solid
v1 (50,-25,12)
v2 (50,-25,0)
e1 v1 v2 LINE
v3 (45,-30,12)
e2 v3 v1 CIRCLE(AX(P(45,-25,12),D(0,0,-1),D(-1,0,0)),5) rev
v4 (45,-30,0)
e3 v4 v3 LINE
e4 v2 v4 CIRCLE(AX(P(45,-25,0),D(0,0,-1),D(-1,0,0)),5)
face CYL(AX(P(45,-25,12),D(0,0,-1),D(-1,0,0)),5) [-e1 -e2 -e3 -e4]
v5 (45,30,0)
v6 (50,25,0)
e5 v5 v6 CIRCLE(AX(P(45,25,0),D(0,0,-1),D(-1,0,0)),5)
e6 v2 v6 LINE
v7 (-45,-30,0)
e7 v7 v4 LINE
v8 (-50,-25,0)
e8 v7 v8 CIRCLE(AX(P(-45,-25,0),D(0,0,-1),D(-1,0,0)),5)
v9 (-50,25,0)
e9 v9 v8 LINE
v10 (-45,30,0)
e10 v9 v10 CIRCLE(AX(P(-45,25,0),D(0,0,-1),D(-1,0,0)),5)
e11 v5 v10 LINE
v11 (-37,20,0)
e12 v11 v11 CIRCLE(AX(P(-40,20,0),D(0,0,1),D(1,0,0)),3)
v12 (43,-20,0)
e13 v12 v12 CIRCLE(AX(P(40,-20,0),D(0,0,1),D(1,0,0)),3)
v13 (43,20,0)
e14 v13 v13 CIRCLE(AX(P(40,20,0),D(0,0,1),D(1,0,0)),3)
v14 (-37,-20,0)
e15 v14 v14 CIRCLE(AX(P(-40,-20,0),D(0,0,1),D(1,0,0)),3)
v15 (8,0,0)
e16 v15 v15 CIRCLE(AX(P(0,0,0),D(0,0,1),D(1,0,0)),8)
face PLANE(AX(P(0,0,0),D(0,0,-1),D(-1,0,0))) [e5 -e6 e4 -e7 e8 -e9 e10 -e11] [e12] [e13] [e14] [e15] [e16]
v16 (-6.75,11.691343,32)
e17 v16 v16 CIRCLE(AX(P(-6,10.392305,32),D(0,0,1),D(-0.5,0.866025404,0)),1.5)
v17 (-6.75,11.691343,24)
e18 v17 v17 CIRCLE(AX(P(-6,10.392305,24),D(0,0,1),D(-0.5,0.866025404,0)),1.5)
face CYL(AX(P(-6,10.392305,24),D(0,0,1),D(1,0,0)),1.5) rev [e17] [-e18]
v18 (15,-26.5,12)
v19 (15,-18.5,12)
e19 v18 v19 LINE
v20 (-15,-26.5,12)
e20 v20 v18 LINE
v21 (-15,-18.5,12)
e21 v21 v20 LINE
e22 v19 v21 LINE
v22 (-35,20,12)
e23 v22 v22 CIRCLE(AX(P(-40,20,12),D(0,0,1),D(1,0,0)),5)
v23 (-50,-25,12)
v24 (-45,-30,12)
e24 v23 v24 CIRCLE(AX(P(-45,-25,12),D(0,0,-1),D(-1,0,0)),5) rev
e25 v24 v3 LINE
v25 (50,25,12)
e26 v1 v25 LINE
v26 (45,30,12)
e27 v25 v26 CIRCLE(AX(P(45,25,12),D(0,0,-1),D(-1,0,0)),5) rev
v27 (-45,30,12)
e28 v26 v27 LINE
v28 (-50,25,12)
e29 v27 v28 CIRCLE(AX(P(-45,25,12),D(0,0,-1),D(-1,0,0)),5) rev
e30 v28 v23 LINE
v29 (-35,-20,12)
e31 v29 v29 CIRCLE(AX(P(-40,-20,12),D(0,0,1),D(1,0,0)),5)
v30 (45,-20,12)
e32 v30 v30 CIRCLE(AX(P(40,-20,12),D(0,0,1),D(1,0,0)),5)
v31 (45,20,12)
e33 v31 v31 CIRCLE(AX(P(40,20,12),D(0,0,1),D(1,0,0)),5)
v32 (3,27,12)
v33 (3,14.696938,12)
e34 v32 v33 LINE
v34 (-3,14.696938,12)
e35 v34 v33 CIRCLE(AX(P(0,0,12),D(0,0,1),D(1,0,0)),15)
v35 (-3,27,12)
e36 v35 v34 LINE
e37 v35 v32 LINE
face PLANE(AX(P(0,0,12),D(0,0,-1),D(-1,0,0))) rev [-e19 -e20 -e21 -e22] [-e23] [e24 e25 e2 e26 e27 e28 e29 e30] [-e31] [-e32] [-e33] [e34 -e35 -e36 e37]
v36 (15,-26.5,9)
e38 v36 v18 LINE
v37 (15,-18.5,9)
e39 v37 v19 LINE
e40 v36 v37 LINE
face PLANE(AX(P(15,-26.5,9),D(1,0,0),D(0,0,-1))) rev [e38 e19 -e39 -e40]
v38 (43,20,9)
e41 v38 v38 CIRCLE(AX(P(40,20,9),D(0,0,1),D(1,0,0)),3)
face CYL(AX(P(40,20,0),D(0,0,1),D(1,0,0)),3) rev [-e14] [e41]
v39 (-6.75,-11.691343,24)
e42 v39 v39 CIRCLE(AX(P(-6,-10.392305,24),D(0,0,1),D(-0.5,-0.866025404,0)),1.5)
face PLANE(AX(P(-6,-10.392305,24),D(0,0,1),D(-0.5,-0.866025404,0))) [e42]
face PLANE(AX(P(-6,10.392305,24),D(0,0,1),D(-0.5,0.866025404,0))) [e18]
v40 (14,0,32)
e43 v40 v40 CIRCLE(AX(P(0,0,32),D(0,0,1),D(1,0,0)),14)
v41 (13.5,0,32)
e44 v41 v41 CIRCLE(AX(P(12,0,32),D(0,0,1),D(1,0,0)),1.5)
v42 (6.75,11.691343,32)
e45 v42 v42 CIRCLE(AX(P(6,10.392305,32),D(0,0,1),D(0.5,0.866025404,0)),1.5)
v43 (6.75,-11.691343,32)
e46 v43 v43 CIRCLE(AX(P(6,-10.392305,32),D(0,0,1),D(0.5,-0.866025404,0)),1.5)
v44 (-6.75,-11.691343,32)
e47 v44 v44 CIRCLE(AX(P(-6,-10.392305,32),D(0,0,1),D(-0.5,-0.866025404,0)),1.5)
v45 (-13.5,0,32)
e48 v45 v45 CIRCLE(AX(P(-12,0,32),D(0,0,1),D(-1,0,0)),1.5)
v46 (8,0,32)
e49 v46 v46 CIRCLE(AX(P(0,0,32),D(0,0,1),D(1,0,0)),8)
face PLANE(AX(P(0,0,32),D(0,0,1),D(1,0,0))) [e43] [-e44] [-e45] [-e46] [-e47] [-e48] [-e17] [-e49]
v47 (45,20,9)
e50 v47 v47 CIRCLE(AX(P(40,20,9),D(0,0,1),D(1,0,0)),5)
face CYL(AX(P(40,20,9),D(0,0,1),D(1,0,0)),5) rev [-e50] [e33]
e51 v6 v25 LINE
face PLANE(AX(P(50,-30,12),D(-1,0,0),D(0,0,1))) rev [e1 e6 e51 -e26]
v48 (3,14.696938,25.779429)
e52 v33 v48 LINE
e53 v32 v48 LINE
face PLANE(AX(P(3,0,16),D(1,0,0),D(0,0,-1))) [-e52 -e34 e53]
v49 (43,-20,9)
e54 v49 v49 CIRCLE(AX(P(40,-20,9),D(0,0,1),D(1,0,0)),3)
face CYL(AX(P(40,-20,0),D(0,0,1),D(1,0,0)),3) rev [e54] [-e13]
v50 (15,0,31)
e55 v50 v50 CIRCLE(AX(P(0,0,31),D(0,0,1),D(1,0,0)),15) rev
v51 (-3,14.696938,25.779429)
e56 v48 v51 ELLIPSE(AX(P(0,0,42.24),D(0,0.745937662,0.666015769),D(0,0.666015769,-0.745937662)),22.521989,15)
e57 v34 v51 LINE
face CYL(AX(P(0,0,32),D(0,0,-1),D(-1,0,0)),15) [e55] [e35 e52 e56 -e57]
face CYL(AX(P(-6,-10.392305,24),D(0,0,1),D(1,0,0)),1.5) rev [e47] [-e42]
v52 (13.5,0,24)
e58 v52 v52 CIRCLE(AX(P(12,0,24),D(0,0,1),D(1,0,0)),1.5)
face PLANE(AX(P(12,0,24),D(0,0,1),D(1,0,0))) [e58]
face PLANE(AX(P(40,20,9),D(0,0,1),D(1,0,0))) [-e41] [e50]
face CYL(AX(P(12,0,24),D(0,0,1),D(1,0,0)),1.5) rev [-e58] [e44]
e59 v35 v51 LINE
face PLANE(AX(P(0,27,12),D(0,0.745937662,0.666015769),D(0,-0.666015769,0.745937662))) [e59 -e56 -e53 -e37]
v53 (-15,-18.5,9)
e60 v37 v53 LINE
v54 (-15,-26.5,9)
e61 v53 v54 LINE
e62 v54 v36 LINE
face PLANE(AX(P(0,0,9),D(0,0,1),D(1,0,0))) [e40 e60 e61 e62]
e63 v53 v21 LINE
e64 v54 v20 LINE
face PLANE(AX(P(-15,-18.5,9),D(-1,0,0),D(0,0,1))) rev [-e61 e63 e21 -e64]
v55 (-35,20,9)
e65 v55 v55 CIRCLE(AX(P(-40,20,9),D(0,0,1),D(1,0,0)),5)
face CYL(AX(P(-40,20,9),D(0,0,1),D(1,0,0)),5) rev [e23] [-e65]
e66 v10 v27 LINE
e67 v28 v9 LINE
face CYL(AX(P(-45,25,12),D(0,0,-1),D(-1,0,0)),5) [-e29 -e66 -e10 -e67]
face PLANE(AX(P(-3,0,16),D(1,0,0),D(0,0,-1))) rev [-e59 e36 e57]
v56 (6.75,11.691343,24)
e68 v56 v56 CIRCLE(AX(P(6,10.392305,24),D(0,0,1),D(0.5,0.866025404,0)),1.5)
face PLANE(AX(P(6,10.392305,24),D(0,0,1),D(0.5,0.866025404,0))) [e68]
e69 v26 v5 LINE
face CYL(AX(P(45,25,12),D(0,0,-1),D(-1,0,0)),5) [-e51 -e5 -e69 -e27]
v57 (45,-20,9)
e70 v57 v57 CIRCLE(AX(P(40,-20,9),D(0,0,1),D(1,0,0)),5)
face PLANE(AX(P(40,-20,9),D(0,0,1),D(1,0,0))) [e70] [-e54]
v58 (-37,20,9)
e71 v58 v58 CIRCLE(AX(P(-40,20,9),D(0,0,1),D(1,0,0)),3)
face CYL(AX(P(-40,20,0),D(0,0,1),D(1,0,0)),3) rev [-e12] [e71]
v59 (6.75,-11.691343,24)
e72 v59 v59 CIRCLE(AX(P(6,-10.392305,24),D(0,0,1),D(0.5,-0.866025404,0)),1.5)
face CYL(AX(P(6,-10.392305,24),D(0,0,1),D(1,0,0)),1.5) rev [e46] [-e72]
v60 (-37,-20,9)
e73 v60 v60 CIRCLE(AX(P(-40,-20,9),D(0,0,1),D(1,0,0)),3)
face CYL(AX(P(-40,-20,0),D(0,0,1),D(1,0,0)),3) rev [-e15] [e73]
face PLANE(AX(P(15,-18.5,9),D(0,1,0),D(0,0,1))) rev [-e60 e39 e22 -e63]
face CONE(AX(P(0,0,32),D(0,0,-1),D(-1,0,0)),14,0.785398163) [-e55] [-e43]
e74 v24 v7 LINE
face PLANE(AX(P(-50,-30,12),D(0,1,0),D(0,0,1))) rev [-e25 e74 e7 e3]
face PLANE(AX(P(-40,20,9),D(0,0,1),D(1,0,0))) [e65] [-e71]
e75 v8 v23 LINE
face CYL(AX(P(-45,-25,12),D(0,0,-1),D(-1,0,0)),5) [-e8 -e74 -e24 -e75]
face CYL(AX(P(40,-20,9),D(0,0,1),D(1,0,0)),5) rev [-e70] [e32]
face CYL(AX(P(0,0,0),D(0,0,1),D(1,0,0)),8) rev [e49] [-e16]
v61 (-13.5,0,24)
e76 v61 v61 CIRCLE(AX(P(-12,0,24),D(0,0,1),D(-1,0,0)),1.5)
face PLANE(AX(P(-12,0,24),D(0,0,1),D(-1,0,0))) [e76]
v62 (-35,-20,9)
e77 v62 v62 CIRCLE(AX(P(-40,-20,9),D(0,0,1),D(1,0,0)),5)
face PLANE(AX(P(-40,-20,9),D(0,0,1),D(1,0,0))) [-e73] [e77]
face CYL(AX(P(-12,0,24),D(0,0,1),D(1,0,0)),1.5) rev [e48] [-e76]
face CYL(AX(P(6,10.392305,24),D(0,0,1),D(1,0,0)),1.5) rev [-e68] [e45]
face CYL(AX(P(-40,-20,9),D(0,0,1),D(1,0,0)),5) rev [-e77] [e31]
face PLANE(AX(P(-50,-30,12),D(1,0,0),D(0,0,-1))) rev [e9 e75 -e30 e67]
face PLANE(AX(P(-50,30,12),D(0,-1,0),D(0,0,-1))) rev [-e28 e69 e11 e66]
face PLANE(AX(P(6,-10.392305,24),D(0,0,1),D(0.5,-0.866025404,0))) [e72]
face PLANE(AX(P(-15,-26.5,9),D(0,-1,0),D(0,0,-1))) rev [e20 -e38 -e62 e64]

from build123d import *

# Parameters (mm, degrees)
SKETCH1_W           = 100
SKETCH1_H           = 60
BOSS_EXTRUDE1_DEPTH = 12
FILLET1_R           = 5
SKETCH2_R           = 15
BOSS_EXTRUDE2_DEPTH = 20
CHAMFER1_SIZE       = 1
SKETCH3_R           = 8
CUT_EXTRUDE2_DEPTH  = 67.513156593
SKETCH4_R           = 5
CUT_EXTRUDE4_DEPTH  = 3
SKETCH5_R           = 3
CUT_EXTRUDE6_DEPTH  = 62.64414003
SKETCH6_W           = 30
SKETCH6_H           = 8
CUT_EXTRUDE8_DEPTH  = 3
SKETCH7_R           = 1.5
CUT_EXTRUDE10_DEPTH = 8
CIRPATTERN1_COUNT   = 6
RIB2_REACH          = 68.513
SKETCH8_2_WALL_W    = 153.794637566
SKETCH8_2_WALL_H    = 6


with BuildPart() as part:
    # Sketch1 → Boss-Extrude1 (new body)
    with BuildSketch(Plane.XY):
        Rectangle(SKETCH1_W, SKETCH1_H)
    extrude(amount=BOSS_EXTRUDE1_DEPTH)

    # Fillet1
    fillet1_edges = [part.edges().sort_by_distance(p)[0] for p in [
        (-50, 30, 6),
        (50, 30, 6),
        (50, -30, 6),
        (-50, -30, 6),
    ]]
    fillet(fillet1_edges, radius=FILLET1_R)

    # Sketch2 → Boss-Extrude2 (add)
    with BuildSketch(Plane.XY.offset(12)):
        Circle(SKETCH2_R)
    extrude(amount=BOSS_EXTRUDE2_DEPTH)

    # Chamfer1
    chamfer1_edges = [part.edges().sort_by_distance(p)[0] for p in [
        (-15, 0, 32),
    ]]
    chamfer(chamfer1_edges, length=CHAMFER1_SIZE)

    # Sketch3 → Cut-Extrude2 (cut, through all)
    with BuildSketch(Plane.XY.offset(32)):
        Circle(SKETCH3_R)
    extrude(amount=-CUT_EXTRUDE2_DEPTH, mode=Mode.SUBTRACT)

    # Sketch4 → Cut-Extrude4 (cut)
    with BuildSketch(Plane.XY.offset(12)):
        with Locations((-40, -20)):
            Circle(SKETCH4_R)
        with Locations((-40, 20)):
            Circle(SKETCH4_R)
        with Locations((40, -20)):
            Circle(SKETCH4_R)
        with Locations((40, 20)):
            Circle(SKETCH4_R)
    extrude(amount=-CUT_EXTRUDE4_DEPTH, mode=Mode.SUBTRACT)

    # Sketch5 → Cut-Extrude6 (cut, through all)
    with BuildSketch(Plane.XY.offset(12)):
        with Locations((-40, -20)):
            Circle(SKETCH5_R)
        with Locations((-40, 20)):
            Circle(SKETCH5_R)
        with Locations((40, -20)):
            Circle(SKETCH5_R)
        with Locations((40, 20)):
            Circle(SKETCH5_R)
    extrude(amount=-CUT_EXTRUDE6_DEPTH, mode=Mode.SUBTRACT)

    # Sketch6 → Cut-Extrude8 (cut)
    with BuildSketch(Plane.XY.offset(12)):
        with Locations((0, -22.5)):
            Rectangle(SKETCH6_W, SKETCH6_H)
    extrude(amount=-CUT_EXTRUDE8_DEPTH, mode=Mode.SUBTRACT)

    # Sketch7 → Cut-Extrude10 (cut)
    with BuildSketch(Plane.XY.offset(32)):
        with Locations((12, 0)):
            Circle(SKETCH7_R)
    cut_extrude10 = extrude(amount=-CUT_EXTRUDE10_DEPTH, mode=Mode.SUBTRACT)

    # CirPattern1: Cut-Extrude10 ×6 about axis
    cirpattern1_axis = Axis((0, 0, -1.6), (0, 0, 1))
    for i in range(1, CIRPATTERN1_COUNT):
        add(cut_extrude10.rotate(cirpattern1_axis, i * 360 / CIRPATTERN1_COUNT), mode=Mode.SUBTRACT)

    # Sketch8<2> wall → Rib2 (add, up to next)
    with BuildSketch(Plane(origin=(0, 20.75, 19), x_dir=(0, -0.666015769309, 0.745937661626), z_dir=(0, -0.745937661626, -0.666015769309)), mode=Mode.PRIVATE) as rib2_sk1:
        Rectangle(SKETCH8_2_WALL_W, SKETCH8_2_WALL_H)
    rib2_tool1 = extrude(rib2_sk1.sketch, amount=RIB2_REACH, mode=Mode.PRIVATE) - part.part
    add(rib2_tool1.solids().sort_by_distance((0, 20.75, 19))[0])


solid = part.part
